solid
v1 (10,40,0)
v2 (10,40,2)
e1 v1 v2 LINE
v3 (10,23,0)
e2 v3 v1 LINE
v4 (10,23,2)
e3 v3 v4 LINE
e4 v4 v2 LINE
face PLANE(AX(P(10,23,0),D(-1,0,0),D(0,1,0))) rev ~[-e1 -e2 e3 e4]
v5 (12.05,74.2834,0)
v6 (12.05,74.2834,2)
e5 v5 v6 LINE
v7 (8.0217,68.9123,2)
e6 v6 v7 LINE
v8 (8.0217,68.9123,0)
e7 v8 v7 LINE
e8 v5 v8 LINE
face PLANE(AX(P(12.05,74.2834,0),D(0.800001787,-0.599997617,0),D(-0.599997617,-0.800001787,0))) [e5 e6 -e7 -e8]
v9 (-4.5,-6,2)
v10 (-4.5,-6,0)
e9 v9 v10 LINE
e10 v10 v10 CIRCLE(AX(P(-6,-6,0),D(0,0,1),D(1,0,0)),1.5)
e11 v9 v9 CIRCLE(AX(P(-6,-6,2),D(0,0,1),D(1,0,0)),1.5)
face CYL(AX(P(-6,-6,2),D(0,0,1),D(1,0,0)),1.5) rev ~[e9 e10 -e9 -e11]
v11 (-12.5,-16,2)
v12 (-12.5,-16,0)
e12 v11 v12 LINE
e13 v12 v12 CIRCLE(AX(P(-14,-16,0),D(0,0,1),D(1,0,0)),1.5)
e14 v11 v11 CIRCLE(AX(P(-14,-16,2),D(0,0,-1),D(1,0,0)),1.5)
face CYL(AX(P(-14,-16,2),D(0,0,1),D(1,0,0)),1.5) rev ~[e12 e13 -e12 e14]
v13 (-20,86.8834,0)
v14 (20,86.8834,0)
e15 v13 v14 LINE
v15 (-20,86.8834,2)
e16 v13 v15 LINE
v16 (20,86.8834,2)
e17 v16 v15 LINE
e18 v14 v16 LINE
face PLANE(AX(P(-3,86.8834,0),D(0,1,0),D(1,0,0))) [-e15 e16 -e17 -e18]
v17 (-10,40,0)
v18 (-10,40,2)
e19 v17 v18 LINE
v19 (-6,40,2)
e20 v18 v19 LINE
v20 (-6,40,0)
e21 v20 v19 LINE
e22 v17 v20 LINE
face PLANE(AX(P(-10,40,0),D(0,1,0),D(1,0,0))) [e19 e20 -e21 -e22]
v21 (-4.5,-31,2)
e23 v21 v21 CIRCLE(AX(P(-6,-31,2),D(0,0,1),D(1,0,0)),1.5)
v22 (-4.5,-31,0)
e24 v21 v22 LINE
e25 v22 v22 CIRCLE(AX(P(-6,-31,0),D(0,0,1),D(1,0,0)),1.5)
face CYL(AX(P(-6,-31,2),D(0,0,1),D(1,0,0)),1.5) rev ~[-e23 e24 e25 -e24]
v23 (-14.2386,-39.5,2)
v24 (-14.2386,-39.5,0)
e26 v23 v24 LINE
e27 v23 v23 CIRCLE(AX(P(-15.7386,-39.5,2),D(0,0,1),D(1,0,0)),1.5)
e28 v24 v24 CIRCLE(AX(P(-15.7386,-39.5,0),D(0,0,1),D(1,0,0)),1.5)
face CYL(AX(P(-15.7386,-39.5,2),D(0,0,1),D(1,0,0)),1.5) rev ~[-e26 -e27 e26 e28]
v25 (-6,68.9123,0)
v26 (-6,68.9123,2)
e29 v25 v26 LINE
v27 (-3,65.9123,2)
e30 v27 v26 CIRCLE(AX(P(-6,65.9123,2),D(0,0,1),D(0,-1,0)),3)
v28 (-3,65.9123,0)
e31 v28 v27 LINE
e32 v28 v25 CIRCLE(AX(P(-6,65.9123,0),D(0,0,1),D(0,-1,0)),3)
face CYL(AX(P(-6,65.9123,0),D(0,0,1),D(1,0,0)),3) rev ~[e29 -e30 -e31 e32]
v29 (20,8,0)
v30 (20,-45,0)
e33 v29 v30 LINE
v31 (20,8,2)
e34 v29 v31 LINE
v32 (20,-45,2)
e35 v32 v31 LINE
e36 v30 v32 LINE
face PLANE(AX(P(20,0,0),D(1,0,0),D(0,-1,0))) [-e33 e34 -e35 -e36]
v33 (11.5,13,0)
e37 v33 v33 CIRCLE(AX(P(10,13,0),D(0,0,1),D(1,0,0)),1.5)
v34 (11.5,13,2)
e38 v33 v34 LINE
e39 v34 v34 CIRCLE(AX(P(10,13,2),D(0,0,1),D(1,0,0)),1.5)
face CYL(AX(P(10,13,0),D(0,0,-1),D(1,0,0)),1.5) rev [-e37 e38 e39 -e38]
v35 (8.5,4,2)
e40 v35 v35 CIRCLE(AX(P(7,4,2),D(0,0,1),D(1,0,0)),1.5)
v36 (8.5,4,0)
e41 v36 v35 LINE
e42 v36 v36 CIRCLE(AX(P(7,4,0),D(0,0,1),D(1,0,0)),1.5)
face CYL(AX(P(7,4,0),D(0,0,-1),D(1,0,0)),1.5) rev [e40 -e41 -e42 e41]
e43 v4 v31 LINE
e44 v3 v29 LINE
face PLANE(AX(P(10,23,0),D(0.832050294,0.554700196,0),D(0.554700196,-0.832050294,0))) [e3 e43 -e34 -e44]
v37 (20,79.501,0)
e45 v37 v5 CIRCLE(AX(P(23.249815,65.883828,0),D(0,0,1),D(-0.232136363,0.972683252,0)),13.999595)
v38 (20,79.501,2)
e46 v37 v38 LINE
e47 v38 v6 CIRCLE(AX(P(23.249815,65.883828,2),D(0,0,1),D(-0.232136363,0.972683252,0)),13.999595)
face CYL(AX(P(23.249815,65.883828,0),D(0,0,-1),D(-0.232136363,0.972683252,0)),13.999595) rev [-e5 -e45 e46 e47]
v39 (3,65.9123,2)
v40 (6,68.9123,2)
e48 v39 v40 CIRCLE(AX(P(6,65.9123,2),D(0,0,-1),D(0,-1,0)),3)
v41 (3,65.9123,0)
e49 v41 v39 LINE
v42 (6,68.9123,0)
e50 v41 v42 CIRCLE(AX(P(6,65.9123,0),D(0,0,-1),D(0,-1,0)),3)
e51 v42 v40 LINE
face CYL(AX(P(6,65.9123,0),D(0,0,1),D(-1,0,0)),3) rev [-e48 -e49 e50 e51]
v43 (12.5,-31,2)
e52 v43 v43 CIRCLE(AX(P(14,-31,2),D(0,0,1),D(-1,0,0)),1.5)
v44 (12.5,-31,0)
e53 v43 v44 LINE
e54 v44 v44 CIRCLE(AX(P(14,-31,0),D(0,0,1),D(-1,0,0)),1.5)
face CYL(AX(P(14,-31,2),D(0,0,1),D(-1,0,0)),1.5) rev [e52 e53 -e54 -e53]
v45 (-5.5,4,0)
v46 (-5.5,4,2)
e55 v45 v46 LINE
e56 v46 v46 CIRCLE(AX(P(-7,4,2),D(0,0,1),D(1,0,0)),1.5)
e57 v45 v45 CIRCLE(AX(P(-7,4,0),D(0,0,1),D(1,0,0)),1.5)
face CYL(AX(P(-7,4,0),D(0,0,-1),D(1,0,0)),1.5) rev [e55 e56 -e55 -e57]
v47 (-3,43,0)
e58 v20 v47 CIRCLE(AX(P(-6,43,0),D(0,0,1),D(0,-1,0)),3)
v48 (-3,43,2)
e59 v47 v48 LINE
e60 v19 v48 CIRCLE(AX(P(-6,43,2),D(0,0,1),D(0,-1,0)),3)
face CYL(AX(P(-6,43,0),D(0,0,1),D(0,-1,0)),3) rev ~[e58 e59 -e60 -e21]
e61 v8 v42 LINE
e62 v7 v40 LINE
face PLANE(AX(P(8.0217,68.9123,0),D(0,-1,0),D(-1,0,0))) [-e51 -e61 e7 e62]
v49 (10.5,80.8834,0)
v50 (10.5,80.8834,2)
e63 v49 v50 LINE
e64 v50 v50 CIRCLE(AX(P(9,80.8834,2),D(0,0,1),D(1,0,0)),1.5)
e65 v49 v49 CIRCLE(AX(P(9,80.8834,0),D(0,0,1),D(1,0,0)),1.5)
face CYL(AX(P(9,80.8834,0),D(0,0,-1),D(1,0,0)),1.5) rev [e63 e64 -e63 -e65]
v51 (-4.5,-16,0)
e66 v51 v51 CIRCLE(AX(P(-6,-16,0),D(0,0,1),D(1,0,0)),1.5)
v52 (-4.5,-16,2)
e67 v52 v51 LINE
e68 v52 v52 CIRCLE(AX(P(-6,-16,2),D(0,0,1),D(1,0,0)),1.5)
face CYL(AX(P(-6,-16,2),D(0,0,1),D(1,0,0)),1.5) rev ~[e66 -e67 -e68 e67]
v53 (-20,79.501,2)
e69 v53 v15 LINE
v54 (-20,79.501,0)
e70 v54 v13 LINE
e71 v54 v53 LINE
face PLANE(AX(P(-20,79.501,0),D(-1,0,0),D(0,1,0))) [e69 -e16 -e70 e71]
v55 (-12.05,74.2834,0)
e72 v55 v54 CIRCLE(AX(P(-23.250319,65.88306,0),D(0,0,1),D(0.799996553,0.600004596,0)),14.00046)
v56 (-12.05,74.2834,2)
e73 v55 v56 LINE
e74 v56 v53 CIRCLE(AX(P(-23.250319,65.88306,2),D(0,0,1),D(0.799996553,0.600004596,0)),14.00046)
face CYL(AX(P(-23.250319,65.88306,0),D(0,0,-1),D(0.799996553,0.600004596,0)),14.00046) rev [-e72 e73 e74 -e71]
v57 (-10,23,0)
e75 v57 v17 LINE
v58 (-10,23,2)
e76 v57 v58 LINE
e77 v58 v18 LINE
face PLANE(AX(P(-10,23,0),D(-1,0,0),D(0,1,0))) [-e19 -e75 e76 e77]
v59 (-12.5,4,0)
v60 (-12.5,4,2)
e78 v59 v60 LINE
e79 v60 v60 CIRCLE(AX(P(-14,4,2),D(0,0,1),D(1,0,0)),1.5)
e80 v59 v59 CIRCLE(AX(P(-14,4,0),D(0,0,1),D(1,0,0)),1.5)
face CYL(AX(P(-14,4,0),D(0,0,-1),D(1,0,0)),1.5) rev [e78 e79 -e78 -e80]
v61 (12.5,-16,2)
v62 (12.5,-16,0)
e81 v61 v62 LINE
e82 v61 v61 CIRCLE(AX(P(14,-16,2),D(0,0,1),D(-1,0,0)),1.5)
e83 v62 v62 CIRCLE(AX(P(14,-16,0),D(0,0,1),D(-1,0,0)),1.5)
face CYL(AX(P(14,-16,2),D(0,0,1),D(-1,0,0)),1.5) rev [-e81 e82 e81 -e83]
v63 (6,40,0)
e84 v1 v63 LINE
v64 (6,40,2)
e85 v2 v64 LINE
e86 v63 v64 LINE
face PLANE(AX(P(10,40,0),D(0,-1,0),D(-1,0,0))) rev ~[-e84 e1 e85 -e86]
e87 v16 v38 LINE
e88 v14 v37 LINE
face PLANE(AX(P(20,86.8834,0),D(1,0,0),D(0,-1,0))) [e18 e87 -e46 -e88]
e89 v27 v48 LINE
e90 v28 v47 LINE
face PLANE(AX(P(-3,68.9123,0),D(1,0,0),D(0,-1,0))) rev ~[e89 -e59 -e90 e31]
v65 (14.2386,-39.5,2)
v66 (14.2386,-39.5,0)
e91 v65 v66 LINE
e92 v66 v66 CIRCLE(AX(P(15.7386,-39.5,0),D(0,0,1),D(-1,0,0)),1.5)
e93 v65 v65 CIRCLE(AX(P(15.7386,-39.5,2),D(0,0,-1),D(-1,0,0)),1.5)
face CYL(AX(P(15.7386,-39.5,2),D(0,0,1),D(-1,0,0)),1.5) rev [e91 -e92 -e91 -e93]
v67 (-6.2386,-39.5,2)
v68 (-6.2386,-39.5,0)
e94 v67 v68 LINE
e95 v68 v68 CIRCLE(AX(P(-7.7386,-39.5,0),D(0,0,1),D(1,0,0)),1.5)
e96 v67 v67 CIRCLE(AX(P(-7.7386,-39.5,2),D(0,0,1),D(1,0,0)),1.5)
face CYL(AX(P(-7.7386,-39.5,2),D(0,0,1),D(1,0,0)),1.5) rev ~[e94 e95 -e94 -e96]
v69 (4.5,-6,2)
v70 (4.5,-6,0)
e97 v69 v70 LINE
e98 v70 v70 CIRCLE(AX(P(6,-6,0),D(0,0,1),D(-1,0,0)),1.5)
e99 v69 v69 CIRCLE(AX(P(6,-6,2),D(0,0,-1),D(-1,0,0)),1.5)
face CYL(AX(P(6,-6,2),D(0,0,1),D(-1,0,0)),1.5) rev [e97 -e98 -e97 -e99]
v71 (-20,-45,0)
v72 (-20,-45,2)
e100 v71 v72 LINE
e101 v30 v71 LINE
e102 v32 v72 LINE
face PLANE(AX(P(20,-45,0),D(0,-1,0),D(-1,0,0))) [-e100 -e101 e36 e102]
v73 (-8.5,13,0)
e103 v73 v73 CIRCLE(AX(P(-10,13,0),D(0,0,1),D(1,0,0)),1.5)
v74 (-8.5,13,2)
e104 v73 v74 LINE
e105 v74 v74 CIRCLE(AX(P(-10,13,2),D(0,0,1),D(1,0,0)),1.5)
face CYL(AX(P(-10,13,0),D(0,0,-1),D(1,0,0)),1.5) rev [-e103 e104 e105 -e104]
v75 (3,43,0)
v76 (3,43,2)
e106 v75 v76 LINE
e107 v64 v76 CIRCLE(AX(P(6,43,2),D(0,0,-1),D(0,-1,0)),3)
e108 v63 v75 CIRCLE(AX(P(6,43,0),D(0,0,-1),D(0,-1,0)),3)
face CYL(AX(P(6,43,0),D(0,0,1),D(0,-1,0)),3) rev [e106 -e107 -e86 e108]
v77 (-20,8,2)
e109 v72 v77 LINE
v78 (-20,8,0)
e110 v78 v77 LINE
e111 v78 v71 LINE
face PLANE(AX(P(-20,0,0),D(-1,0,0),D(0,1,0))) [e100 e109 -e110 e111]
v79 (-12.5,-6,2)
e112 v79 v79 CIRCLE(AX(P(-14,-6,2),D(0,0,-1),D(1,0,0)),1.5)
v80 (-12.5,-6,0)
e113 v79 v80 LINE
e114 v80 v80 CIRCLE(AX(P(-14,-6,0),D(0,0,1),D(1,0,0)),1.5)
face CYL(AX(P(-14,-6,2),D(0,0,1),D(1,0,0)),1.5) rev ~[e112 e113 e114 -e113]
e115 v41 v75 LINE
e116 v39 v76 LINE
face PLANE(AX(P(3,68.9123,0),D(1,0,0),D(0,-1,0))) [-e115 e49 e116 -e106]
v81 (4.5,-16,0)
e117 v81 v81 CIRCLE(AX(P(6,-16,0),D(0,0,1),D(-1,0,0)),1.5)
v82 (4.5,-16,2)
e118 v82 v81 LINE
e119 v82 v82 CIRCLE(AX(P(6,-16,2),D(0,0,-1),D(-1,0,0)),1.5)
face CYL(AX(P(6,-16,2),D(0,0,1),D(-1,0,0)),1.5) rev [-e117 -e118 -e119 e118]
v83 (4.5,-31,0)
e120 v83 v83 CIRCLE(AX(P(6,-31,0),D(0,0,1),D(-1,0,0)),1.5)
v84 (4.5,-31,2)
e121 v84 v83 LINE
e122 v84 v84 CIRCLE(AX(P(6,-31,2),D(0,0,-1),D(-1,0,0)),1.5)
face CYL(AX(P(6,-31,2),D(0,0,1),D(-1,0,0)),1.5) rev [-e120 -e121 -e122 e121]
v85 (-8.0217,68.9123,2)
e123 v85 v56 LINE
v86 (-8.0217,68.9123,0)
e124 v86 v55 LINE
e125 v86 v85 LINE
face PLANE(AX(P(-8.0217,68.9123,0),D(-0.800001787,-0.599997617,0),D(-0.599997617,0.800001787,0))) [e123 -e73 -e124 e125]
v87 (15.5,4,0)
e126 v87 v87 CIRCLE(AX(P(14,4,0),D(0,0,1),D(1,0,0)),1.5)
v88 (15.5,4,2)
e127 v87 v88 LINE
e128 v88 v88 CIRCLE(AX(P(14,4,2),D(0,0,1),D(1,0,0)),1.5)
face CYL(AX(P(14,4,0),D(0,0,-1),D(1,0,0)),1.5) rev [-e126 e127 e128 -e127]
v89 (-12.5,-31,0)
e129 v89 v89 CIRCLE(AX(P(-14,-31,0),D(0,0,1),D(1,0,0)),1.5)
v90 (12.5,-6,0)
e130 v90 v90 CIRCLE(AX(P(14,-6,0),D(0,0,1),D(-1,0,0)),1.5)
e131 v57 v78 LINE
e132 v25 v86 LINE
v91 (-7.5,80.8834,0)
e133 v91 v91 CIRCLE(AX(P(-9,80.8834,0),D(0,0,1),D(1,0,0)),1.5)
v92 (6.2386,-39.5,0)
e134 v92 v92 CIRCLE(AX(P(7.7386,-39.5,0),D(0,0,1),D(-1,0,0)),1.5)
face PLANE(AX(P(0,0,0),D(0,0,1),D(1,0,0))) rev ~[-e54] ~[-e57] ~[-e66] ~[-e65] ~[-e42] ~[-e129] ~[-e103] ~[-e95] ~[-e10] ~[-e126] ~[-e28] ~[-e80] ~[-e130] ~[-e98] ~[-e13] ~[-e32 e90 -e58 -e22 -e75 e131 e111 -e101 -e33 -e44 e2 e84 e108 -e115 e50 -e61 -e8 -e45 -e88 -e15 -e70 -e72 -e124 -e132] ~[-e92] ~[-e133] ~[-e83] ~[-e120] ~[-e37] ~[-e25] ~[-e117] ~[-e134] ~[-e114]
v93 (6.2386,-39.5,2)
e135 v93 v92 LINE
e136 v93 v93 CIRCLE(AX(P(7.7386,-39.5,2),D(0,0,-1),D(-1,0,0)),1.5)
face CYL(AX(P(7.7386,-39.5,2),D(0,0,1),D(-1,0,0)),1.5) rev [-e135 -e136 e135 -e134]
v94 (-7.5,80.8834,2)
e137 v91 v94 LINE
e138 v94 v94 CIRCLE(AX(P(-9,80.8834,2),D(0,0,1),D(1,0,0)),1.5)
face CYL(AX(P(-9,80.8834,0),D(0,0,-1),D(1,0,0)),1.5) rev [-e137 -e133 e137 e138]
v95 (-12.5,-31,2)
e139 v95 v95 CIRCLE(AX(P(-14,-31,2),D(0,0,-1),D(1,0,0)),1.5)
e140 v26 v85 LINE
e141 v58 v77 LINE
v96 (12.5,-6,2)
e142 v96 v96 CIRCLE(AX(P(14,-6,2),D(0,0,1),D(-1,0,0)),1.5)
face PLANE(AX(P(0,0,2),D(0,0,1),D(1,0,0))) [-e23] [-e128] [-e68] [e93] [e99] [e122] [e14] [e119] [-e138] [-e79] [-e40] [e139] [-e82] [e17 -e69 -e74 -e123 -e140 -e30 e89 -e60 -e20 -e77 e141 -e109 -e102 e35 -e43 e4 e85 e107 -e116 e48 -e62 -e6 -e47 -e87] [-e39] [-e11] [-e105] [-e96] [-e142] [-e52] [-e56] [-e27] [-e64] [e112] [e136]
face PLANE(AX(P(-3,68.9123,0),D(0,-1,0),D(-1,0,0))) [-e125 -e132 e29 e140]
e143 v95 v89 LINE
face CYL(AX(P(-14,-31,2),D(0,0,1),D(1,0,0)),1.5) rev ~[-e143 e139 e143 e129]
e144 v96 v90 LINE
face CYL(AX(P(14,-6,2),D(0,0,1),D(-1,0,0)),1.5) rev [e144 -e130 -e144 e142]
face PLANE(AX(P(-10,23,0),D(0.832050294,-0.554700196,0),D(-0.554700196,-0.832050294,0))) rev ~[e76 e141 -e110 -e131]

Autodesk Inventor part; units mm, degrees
ref_plane "YZ Plane" through (0, 0, 0) normal (1, 0, 0) x (0, 1, 0)
ref_plane "XZ Plane" through (0, 0, 0) normal (0, 1, 0) x (-1, 0, 0)
ref_plane "XY Plane" through (0, 0, 0) normal (0, 0, 1) x (1, 0, 0)
sketch "Sketch1" plane through (0, 0, 0) normal (0, 0, 1) x (1, 0, 0)
  circle A0 centre (-14, 4) radius 1.5 projected
  circle A1 centre (-10, 13) radius 1.5 projected
  circle A2 centre (-7, 4) radius 1.5 projected
  line L0 (-20, 0) -> (-20, 8) projected
  line L1 (0, 0) -> (-20, 0) projected
  line L2 (0, 40) -> (0, 0) projected
  line L3 (-10, 40) -> (0, 40) projected
  line L4 (-10, 23) -> (-10, 40) projected
  line L5 (-10, 23) -> (-20, 8) projected
  circle A3 centre (14, 4) radius 1.5 projected
  circle A4 centre (10, 13) radius 1.5 projected
  circle A5 centre (7, 4) radius 1.5 projected
  line L6 (20, 0) -> (20, 8) projected
  line L7 (10, 23) -> (20, 8) projected
  line L8 (10, 23) -> (10, 40) projected
  line L9 (10, 40) -> (0, 40) projected
  line L10 (0, 40) -> (0, 0) projected
  line L11 (0, 0) -> (20, 0) projected
  arc A6 (-12.05, 74.2834) -> (-20, 79.501) centre (-23.25, 65.8834) ccw projected
  line L12 (-8.0217, 68.9123) -> (-12.05, 74.2834) projected
  line L13 (-10, 40) -> (-8.0217, 68.9123) projected
  line L14 (-10, 23) -> (-10, 40) projected
  line L15 (-20, 8) -> (-10, 23) projected
  line L16 (-20, -45) -> (-20, 8) projected
  line L17 (20, -45) -> (-20, -45) projected
  line L18 (20, 8) -> (20, -45) projected
  line L19 (10, 23) -> (20, 8) projected
  line L20 (10, 40) -> (10, 23) projected
  line L21 (8.0217, 68.9123) -> (10, 40) projected
  line L22 (12.05, 74.2834) -> (8.0217, 68.9123) projected
  arc A7 (20, 79.501) -> (12.05, 74.2834) centre (23.25, 65.8834) ccw projected
  line L23 (20, 86.8834) -> (20, 79.501) projected
  line L24 (-20, 86.8834) -> (20, 86.8834) projected
  line L25 (-20, 79.501) -> (-20, 86.8834) projected
  circle A8 centre (10, 13) radius 1.5 projected
  circle A9 centre (7, 4) radius 1.5 projected
  circle A10 centre (14, 4) radius 1.5 projected
  circle A11 centre (-14, 4) radius 1.5 projected
  circle A12 centre (-7, 4) radius 1.5 projected
  circle A13 centre (-10, 13) radius 1.5 projected
  circle A14 centre (9, 80.8834) radius 1.5 projected
  circle A15 centre (-9, 80.8834) radius 1.5 projected
  line L26 (3, 264.8834) -> (-3, 264.8834) projected
  line L27 (-3, 264.8834) -> (-3, -35.1166) projected
  line L28 (3, -35.1166) -> (-3, -35.1166) projected
  line L29 (3, 264.8834) -> (3, -35.1166) projected
  line L30 (8.0217, 68.9123) -> (-8.0217, 68.9123)
  line L31 (3, 40) -> (-3, 40)
  line L32 (-3, 40) -> (-3, 68.9123)
  line L33 (-3, 68.9123) -> (3, 68.9123)
  line L34 (3, 68.9123) -> (3, 40)
  circle A16 centre (-7.7386, -39.5) radius 1.5 projected
  circle A17 centre (-15.7386, -39.5) radius 1.5 projected
  circle A18 centre (7.7386, -39.5) radius 1.5 projected
  circle A19 centre (15.7386, -39.5) radius 1.5 projected
  point P0 (-3, 40)
  point P1 (3, 68.9123)
extrude "Extrusion1" add sketch "Sketch1" along normal blind 2 contours L0 L5 L4 L3 L27 L1 | L1 L27 L28 L29 L11 L18 L17 L16 | L27 L3 L2 L1 | L1 L11 L29 L28 L27 | L2 L9 L29 L11 | L27 L30 L29 L9 L3 | L29 L9 L8 L7 L6 L11 | L30 L12 A6 L25 L24 L27 | L27 L24 L29 L30 | L29 L24 L23 A7 L22 L30 | A16 | A17 | A18 | A19
fillet "Fillet1" radius 3 4 edges at (3, 40, 1) (-3, 40, 1) (-3, 68.9123, 1) (3, 68.9123, 1)
sketch "Sketch2" plane through (0, 0, 2) normal (0, 0, 1) x (1, 0, 0)
  circle A0 centre (-7.7386, -39.5) radius 1.5 projected
  circle A1 centre (-15.7386, -39.5) radius 1.5 projected
  point P0 (0, 0)
extrude "Extrusion2" cut sketch "Sketch2" against normal blind 10
ref_plane "Work Plane1" through (0, -45, 0) normal (-1, 0, 0) x (0, 0, 1)
mirror "Mirror1" about plane through (0, -45, 0) normal (-1, 0, 0) of "Extrusion2"
sketch "Sketch3" plane through (0, 0, 2) normal (0, 0, 1) x (1, 0, 0)
  circle A0 centre (15.7386, -39.5) radius 1.5 projected
  circle A1 centre (7.7386, -39.5) radius 1.5 projected
  circle A2 centre (-15.7386, -39.5) radius 1.5 projected
  circle A3 centre (-7.7386, -39.5) radius 1.5 projected
  line L0 (-8.0217, 68.9123) -> (-6, 68.9123) projected
  arc A4 (-3, 65.9123) -> (-6, 68.9123) centre (-6, 65.9123) ccw projected
  line L1 (-3, 65.9123) -> (-3, 43) projected
  arc A5 (-6, 40) -> (-3, 43) centre (-6, 43) ccw projected
  line L2 (-6, 40) -> (-10, 40) projected
  line L3 (-10, 40) -> (-10, 23) projected
  line L4 (-10, 23) -> (-20, 8) projected
  line L5 (-20, 8) -> (-20, -45) projected
  line L6 (-20, -45) -> (20, -45) projected
  line L7 (20, -45) -> (20, 8) projected
  line L8 (20, 8) -> (10, 23) projected
  line L9 (10, 23) -> (10, 40) projected
  line L10 (10, 40) -> (6, 40) projected
  arc A6 (3, 43) -> (6, 40) centre (6, 43) ccw projected
  line L11 (3, 43) -> (3, 65.9123) projected
  arc A7 (6, 68.9123) -> (3, 65.9123) centre (6, 65.9123) ccw projected
  line L12 (6, 68.9123) -> (8.0217, 68.9123) projected
  line L13 (8.0217, 68.9123) -> (12.05, 74.2834) projected
  arc A8 (20, 79.501) -> (12.05, 74.2834) centre (23.25, 65.8834) ccw projected
  line L14 (20, 79.501) -> (20, 86.8834) projected
  line L15 (20, 86.8834) -> (-20, 86.8834) projected
  line L16 (-20, 86.8834) -> (-20, 79.501) projected
  arc A9 (-12.05, 74.2834) -> (-20, 79.501) centre (-23.25, 65.8834) ccw projected
  line L17 (-12.05, 74.2834) -> (-8.0217, 68.9123) projected
  circle A10 centre (-9, 80.8834) radius 1.5 projected
  circle A11 centre (9, 80.8834) radius 1.5 projected
  circle A12 centre (-14, 4) radius 1.5 projected
  circle A13 centre (-10, 13) radius 1.5 projected
  circle A14 centre (-7, 4) radius 1.5 projected
  circle A15 centre (7, 4) radius 1.5 projected
  circle A16 centre (10, 13) radius 1.5 projected
  circle A17 centre (14, 4) radius 1.5 projected
  line L18 (-14, 4) -> (-14, -6)
  line L19 (-14, -6) -> (-14, -16)
  line L20 (-14, -16) -> (-14, -31)
  circle A18 centre (-14, -6) radius 1.5
  circle A19 centre (-14, -16) radius 1.5
  circle A20 centre (-14, -31) radius 1.5
  circle A21 centre (-6, -6) radius 1.5
  circle A22 centre (-6, -16) radius 1.5
  circle A23 centre (-6, -31) radius 1.5
  point P0 (0, 0)
  dimension "d7" = 10
  dimension "d8" = 10
  dimension "d9" = 15
  dimension "d10" = 3
  dimension "d11" = 3
  dimension "d12" = 3
  dimension "d15" = 8
extrude "Extrusion3" cut sketch "Sketch3" against normal blind 10 contours A20 | A19 L20 L19 | L19 L20 A19 | A18 L19 L18 | L18 L19 A18 | A21 | A22 | A23
mirror "Mirror2" about plane through (0, -45, 0) normal (-1, 0, 0) of "Extrusion3"
properties part number "body_bone_5"
